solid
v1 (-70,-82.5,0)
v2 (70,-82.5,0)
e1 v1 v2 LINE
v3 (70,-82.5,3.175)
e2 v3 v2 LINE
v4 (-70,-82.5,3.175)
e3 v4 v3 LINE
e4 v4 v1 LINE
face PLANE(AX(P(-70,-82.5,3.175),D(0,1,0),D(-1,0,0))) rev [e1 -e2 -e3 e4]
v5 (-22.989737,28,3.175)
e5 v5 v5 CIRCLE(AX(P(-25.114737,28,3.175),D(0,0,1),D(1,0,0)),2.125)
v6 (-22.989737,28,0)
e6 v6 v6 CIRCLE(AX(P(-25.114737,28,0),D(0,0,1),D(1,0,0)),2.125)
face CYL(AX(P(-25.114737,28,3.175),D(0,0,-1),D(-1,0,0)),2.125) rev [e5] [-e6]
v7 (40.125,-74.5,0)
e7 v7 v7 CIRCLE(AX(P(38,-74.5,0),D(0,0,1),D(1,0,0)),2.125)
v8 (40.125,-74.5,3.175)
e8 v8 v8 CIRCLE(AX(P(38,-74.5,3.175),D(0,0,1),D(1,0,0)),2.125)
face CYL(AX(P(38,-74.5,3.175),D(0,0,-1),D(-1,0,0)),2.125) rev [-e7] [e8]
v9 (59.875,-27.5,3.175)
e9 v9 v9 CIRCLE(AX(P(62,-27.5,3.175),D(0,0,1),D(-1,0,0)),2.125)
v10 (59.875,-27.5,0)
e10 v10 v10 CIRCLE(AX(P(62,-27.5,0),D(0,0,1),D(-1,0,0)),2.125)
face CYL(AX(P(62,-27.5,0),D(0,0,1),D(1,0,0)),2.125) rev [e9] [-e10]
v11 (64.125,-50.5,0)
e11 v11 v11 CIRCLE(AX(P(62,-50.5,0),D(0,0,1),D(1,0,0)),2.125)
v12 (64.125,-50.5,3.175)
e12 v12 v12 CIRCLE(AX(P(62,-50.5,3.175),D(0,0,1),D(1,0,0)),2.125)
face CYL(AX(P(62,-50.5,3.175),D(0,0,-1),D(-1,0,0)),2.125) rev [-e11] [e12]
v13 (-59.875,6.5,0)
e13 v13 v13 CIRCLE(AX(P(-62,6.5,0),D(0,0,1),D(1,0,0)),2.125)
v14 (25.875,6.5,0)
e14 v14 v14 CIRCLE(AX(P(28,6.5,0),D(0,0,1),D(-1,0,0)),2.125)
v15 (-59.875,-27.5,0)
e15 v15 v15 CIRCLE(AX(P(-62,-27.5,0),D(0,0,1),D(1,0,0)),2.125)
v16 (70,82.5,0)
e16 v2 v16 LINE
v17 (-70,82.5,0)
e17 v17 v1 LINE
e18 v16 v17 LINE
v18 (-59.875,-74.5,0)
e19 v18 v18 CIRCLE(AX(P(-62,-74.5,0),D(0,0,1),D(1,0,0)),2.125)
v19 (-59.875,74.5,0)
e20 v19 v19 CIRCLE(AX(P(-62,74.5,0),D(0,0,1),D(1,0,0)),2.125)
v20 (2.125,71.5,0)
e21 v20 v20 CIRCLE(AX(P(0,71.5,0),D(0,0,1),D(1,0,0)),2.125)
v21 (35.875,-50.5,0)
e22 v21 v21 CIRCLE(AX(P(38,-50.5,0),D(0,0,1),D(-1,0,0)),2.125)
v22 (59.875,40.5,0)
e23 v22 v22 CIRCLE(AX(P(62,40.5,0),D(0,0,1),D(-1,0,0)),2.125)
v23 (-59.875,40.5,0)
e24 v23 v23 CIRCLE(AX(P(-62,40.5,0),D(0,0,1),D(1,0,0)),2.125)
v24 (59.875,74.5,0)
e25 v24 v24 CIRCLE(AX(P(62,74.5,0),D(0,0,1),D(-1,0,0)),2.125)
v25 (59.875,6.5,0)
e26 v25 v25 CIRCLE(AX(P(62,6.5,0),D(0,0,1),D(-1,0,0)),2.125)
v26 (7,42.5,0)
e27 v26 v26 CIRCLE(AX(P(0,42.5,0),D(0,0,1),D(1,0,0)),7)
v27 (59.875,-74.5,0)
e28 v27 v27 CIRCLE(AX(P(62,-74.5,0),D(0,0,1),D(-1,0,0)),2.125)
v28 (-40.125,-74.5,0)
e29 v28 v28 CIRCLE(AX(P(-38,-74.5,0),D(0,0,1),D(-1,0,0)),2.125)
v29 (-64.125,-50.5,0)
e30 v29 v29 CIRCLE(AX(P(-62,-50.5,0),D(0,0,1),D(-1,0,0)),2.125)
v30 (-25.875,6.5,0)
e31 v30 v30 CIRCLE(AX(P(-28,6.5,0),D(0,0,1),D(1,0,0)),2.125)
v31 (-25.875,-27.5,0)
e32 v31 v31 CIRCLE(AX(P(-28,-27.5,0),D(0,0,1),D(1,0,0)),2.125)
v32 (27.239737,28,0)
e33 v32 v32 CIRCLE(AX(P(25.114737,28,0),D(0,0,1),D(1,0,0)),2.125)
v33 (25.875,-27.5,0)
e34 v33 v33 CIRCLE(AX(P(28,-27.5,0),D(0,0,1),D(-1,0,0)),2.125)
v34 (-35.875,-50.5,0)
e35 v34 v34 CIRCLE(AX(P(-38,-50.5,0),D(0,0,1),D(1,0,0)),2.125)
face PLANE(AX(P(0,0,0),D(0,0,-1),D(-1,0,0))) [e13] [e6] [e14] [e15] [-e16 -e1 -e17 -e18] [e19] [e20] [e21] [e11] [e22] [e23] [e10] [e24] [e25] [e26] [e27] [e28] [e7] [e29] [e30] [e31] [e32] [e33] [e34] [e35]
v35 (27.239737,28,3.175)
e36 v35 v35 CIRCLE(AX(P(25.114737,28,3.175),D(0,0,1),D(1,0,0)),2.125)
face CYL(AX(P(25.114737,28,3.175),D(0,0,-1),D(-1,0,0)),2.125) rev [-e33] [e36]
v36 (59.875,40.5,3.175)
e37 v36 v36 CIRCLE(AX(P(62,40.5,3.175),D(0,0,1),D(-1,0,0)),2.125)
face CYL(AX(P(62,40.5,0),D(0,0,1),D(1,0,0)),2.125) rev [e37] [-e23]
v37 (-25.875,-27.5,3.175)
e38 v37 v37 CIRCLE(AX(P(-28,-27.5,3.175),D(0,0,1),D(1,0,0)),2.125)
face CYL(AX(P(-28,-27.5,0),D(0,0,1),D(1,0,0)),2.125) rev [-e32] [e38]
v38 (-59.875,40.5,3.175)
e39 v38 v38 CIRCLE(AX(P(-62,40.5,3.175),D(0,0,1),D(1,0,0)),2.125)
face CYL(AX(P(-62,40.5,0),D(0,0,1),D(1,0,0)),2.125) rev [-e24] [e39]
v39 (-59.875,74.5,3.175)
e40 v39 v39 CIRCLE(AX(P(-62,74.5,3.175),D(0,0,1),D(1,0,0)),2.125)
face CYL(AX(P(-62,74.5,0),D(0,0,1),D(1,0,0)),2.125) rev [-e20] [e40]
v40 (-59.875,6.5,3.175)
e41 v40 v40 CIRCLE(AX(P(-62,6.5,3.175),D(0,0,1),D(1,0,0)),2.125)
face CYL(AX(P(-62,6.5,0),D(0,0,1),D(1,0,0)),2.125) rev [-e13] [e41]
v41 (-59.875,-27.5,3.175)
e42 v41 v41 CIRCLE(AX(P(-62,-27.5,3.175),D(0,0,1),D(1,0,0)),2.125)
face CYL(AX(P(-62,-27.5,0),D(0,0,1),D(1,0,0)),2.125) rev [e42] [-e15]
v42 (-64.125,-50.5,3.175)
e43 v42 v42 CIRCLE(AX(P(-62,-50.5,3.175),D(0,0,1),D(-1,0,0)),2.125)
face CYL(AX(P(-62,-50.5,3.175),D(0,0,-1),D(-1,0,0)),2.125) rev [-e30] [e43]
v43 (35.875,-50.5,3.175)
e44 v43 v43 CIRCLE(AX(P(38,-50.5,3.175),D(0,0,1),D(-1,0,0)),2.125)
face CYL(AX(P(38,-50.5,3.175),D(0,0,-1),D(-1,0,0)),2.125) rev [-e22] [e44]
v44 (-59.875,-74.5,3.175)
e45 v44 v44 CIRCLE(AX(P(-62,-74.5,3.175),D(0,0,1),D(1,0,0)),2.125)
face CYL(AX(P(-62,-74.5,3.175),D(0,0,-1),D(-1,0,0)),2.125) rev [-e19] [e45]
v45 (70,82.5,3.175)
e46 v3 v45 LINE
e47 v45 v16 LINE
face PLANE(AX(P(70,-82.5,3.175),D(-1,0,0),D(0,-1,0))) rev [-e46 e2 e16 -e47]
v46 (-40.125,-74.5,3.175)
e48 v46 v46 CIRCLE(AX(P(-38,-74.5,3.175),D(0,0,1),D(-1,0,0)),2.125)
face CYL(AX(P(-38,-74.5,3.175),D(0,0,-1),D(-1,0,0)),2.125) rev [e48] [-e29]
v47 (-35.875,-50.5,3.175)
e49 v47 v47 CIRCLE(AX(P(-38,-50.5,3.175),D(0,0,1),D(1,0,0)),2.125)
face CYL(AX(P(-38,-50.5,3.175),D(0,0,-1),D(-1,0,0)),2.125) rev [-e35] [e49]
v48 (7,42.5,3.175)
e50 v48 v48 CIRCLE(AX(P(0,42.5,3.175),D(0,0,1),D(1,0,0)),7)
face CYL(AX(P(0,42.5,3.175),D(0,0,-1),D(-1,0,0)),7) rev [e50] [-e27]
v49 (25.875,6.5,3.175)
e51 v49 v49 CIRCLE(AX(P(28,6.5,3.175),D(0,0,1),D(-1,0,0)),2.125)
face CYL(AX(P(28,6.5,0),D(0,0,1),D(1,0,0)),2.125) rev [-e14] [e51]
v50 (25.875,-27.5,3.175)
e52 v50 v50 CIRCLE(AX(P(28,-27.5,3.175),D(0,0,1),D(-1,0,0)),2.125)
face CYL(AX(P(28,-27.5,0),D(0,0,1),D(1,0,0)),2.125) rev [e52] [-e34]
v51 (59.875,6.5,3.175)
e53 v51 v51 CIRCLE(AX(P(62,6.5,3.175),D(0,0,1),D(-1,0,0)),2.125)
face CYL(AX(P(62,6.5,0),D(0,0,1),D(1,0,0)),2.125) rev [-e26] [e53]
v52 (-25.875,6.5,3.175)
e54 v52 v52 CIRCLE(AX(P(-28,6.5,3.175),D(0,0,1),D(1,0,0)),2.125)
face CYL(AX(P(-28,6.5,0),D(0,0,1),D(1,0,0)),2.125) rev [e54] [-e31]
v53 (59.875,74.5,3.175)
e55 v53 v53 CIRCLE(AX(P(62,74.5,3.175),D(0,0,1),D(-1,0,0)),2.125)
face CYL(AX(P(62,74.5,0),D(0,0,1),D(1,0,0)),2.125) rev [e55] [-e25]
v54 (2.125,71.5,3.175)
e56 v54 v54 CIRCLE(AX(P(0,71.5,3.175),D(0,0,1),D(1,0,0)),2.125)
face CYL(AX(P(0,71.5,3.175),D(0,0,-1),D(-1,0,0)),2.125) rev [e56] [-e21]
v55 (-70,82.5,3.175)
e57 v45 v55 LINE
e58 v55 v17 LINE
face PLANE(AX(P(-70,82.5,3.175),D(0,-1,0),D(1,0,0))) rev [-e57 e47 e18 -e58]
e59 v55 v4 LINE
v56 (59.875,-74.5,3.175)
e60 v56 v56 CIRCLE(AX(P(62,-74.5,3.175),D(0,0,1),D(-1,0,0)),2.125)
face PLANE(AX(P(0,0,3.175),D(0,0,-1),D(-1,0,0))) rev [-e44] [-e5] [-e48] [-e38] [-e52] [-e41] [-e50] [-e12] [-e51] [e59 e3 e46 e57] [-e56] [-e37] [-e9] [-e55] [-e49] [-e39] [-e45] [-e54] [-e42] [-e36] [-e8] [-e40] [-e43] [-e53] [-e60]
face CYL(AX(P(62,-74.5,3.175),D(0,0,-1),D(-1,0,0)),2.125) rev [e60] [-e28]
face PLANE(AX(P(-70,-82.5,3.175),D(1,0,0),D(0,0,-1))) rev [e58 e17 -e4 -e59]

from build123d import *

# Parameters (mm, degrees)
SKETCH1_W           = 140
SKETCH1_H           = 165
SKETCH1_R           = 2.125
SKETCH1_R_2         = 7
BOSS_EXTRUDE1_DEPTH = 3.175
SKETCH2_R           = 2.125
CUT_EXTRUDE1_DEPTH  = 109.242000282


with BuildPart() as part:
    # Sketch1 → Boss-Extrude1 (new body)
    with BuildSketch(Plane.XY):
        Rectangle(SKETCH1_W, SKETCH1_H)
        with Locations((0, 71.5)):
            Circle(SKETCH1_R, mode=Mode.SUBTRACT)
        with Locations((25.11473671, 28)):
            Circle(SKETCH1_R, mode=Mode.SUBTRACT)
        with Locations((-25.11473671, 28)):
            Circle(SKETCH1_R, mode=Mode.SUBTRACT)
        with Locations((0, 42.5)):
            Circle(SKETCH1_R_2, mode=Mode.SUBTRACT)
        with Locations((-62, -74.5)):
            Circle(SKETCH1_R, mode=Mode.SUBTRACT)
        with Locations(Location((-38, -74.5, 0), (0, 0, 180))):
            Circle(SKETCH1_R, mode=Mode.SUBTRACT)
        with Locations((-38, -50.5)):
            Circle(SKETCH1_R, mode=Mode.SUBTRACT)
        with Locations(Location((-62, -50.5, 0), (0, 0, 180))):
            Circle(SKETCH1_R, mode=Mode.SUBTRACT)
        with Locations((38, -74.5)):
            Circle(SKETCH1_R, mode=Mode.SUBTRACT)
        with Locations(Location((62, -74.5, 0), (0, 0, 180))):
            Circle(SKETCH1_R, mode=Mode.SUBTRACT)
        with Locations((62, -50.5)):
            Circle(SKETCH1_R, mode=Mode.SUBTRACT)
        with Locations(Location((38, -50.5, 0), (0, 0, 180))):
            Circle(SKETCH1_R, mode=Mode.SUBTRACT)
    extrude(amount=BOSS_EXTRUDE1_DEPTH)

    # Sketch2 → Cut-Extrude1 (cut, through all)
    with BuildSketch(Plane.XY.offset(3.175)):
        with Locations((-62, 74.5)):
            Circle(SKETCH2_R)
        with Locations((-62, 40.5)):
            Circle(SKETCH2_R)
        with Locations((-62, 6.5)):
            Circle(SKETCH2_R)
        with Locations((-62, -27.5)):
            Circle(SKETCH2_R)
        with Locations((-28, 6.5)):
            Circle(SKETCH2_R)
        with Locations((-28, -27.5)):
            Circle(SKETCH2_R)
        with Locations(Location((28, -27.5, 0), (0, 0, 180))):
            Circle(SKETCH2_R)
        with Locations(Location((28, 6.5, 0), (0, 0, 180))):
            Circle(SKETCH2_R)
        with Locations(Location((62, -27.5, 0), (0, 0, 180))):
            Circle(SKETCH2_R)
        with Locations(Location((62, 6.5, 0), (0, 0, 180))):
            Circle(SKETCH2_R)
        with Locations(Location((62, 40.5, 0), (0, 0, 180))):
            Circle(SKETCH2_R)
        with Locations(Location((62, 74.5, 0), (0, 0, 180))):
            Circle(SKETCH2_R)
    extrude(amount=-CUT_EXTRUDE1_DEPTH, mode=Mode.SUBTRACT)


solid = part.part
